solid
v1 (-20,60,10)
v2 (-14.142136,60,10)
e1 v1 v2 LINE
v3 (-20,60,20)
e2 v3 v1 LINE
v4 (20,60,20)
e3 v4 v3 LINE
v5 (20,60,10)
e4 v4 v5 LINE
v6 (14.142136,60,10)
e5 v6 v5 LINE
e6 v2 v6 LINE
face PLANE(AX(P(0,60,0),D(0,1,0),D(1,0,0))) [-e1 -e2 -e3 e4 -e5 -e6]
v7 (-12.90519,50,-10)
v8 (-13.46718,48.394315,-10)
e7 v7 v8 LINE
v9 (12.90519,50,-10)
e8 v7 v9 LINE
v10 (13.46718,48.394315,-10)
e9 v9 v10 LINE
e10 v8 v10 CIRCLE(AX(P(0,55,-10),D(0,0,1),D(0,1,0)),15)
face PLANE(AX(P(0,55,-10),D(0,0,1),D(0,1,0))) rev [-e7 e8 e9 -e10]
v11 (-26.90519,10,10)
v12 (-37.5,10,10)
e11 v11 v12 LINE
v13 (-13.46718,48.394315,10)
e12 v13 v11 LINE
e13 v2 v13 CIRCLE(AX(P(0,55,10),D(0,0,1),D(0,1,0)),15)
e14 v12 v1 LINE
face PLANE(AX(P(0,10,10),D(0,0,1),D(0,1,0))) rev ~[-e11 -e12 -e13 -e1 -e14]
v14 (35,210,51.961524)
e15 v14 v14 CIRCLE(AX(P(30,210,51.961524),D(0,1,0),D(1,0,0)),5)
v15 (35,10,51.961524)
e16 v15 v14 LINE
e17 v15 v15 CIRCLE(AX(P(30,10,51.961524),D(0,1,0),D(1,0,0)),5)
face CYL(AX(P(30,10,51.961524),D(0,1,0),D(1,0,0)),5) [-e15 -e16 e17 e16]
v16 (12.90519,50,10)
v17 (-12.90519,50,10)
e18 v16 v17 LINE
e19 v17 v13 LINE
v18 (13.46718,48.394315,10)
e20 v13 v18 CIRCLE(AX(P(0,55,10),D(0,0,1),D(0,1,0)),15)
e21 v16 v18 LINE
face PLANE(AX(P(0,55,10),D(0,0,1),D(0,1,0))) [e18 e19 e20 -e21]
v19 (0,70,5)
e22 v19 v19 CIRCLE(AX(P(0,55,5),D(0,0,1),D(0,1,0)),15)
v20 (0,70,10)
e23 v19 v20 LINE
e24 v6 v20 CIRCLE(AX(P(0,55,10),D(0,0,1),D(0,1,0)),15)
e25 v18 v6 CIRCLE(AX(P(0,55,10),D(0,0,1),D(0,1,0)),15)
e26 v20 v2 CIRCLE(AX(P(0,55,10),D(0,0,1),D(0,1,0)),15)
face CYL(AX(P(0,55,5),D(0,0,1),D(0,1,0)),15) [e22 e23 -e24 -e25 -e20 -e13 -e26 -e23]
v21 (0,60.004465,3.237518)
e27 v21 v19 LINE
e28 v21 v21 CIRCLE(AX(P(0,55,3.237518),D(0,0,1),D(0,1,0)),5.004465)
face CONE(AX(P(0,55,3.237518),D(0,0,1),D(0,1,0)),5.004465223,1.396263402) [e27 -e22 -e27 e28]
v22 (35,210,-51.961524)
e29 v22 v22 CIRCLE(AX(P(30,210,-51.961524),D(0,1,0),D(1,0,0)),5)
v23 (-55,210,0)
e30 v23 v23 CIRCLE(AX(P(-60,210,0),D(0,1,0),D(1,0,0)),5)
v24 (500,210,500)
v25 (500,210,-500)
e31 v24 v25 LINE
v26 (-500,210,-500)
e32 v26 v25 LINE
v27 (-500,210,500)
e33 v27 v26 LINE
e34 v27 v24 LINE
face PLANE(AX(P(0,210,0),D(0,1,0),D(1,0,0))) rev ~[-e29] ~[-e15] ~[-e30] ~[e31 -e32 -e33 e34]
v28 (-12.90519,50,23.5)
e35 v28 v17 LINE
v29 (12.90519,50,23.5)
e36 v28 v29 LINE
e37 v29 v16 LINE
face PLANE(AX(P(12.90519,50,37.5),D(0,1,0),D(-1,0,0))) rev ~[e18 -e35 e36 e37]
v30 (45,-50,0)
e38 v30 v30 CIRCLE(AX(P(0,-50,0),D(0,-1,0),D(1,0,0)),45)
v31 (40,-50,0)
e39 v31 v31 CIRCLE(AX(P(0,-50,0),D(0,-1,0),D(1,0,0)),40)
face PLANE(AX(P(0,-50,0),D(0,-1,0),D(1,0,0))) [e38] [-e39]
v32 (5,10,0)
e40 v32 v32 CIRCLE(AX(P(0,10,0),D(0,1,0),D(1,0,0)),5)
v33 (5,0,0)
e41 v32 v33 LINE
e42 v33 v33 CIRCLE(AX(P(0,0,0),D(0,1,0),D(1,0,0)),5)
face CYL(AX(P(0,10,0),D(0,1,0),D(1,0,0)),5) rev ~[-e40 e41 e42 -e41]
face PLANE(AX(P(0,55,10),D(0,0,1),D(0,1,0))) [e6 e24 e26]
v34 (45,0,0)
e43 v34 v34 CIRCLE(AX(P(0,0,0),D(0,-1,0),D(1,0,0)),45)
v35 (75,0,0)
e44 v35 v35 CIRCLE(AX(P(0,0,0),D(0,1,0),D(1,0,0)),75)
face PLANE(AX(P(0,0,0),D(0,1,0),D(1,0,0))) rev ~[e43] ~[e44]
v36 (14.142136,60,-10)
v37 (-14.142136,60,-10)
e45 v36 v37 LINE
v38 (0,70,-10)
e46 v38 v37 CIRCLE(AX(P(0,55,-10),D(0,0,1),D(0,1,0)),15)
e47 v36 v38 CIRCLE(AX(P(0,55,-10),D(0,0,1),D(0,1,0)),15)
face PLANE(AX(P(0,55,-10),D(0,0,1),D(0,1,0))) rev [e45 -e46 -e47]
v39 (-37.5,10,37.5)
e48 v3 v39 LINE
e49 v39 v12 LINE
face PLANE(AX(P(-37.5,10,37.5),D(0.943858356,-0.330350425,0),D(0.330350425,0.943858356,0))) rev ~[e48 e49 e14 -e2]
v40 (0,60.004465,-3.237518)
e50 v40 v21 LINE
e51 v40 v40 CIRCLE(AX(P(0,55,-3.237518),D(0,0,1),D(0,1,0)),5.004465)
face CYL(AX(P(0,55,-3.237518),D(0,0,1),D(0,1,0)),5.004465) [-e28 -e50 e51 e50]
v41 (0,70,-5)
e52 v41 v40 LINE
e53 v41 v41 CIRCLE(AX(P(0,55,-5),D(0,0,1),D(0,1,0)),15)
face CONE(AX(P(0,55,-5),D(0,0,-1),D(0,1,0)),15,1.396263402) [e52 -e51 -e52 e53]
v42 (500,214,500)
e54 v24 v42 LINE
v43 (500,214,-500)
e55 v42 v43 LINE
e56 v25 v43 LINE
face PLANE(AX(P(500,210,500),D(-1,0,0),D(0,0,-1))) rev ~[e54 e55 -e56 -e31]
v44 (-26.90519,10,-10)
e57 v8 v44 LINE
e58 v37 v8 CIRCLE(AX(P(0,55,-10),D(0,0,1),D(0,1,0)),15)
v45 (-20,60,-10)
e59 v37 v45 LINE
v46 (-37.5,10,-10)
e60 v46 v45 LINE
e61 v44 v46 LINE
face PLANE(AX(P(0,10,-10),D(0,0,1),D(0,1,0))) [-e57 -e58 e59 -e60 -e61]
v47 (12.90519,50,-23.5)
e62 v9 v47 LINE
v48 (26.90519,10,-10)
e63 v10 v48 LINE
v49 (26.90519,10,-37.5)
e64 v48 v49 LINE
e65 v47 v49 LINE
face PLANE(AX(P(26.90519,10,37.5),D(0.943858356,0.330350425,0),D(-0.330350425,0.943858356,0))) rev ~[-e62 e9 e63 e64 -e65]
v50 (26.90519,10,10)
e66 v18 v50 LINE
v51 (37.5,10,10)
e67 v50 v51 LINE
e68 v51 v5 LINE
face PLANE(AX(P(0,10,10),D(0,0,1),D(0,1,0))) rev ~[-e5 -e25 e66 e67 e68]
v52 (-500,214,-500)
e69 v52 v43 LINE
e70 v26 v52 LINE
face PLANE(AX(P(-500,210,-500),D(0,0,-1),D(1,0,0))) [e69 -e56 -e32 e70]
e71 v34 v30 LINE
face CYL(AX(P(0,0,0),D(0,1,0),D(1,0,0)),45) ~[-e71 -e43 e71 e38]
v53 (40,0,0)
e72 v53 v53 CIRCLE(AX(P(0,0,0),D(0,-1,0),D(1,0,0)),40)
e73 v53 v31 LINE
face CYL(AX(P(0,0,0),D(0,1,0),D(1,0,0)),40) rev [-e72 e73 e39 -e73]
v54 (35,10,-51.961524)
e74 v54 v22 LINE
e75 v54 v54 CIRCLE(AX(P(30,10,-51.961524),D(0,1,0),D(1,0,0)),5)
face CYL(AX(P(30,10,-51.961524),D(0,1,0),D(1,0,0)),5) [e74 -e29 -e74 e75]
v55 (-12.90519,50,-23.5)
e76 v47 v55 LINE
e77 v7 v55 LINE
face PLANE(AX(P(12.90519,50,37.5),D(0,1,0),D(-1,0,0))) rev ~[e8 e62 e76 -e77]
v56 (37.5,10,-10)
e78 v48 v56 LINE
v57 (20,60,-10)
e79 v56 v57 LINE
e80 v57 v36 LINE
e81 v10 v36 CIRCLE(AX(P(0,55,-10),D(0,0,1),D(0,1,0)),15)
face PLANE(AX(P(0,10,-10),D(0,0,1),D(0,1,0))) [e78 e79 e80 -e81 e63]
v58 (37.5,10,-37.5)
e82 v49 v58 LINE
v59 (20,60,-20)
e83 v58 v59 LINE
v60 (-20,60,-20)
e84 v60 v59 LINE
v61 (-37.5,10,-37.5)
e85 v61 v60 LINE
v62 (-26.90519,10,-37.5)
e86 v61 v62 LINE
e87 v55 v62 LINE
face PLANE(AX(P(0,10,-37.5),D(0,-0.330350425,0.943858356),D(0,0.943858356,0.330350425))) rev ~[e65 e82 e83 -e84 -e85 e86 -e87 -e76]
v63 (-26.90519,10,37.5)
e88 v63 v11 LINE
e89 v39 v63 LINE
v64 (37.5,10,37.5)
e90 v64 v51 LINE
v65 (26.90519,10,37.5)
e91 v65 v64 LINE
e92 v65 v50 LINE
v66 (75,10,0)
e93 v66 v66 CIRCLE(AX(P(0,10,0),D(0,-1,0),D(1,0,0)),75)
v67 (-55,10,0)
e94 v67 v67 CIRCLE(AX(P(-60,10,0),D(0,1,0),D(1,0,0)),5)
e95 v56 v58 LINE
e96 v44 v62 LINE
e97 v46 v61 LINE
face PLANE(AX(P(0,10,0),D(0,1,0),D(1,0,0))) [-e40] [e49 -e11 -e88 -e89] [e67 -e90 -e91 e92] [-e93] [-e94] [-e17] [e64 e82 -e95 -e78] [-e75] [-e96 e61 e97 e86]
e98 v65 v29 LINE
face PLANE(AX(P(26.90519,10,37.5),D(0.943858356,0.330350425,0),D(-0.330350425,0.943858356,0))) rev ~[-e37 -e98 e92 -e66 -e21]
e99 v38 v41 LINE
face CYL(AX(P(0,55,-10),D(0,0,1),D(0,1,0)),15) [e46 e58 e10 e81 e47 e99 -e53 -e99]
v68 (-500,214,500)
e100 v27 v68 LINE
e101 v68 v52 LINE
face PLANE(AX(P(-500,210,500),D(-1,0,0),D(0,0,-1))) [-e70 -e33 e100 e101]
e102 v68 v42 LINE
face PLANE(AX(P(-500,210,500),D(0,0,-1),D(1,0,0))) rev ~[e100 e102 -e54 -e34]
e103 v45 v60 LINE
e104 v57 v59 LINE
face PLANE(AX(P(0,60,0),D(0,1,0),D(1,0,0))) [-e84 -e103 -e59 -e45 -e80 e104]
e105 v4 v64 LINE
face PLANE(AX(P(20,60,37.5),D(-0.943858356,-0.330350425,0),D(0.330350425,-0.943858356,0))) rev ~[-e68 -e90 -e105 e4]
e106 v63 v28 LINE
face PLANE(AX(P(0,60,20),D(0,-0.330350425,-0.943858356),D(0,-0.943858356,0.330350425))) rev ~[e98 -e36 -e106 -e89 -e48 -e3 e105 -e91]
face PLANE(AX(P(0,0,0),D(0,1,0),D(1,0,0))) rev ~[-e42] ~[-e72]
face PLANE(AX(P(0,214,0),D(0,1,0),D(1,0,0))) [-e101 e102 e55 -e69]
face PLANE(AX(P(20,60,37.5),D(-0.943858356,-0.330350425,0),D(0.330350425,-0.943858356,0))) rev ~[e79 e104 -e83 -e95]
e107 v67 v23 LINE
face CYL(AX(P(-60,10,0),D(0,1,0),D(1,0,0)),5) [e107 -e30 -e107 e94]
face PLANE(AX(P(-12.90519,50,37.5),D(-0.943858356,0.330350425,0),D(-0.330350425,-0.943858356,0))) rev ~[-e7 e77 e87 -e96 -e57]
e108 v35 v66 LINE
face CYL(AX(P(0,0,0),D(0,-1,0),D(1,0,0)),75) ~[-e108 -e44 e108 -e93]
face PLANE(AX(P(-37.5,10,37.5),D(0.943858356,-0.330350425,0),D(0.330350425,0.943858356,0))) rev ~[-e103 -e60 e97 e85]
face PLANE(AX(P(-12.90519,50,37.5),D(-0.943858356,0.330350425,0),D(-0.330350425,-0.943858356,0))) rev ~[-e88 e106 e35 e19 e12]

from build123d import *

# Parameters (mm, degrees)
SKETCH1_R               = 75
BOSS_EXTRUDE1_DEPTH     = 10
SKETCH2_R               = 45
SKETCH2_R_2             = 40
BOSS_EXTRUDE2_DEPTH     = 50
SKETCH5_W               = 75
SKETCH5_H               = 75
BOSS_EXTRUDE3_DEPTH     = 50
CUT_EXTRUDE2_DEPTH      = 103
CUT_EXTRUDE3_DEPTH      = 103
CUT_EXTRUDE3_DEPTH_BACK = 103
CUT_EXTRUDE4_DEPTH      = 103
CUT_EXTRUDE4_DEPTH_BACK = 103
SKETCH9_W               = 20
SKETCH9_H               = 50
SKETCH10_R              = 5
CUT_EXTRUDE5_DEPTH      = 103
SKETCH11_R              = 5
SKETCH13_W              = 1000
SKETCH13_H              = 1000
BOSS_EXTRUDE4_DEPTH     = 4


with BuildPart() as part:
    # Sketch1 → Boss-Extrude1 (new body)
    with BuildSketch(Plane(origin=(0, 0, 0), x_dir=(1, 0, 0), z_dir=(0, 1, 0))):
        Circle(SKETCH1_R)
    extrude(amount=BOSS_EXTRUDE1_DEPTH)

    # Sketch2 → Boss-Extrude2 (add)
    with BuildSketch(Plane.XZ):
        Circle(SKETCH2_R)
        Circle(SKETCH2_R_2, mode=Mode.SUBTRACT)
    extrude(amount=BOSS_EXTRUDE2_DEPTH)

    # Sketch5 → Boss-Extrude3 (add)
    with BuildSketch(Plane(origin=(0, 10, 0), x_dir=(1, 0, 0), z_dir=(0, 1, 0))):
        Rectangle(SKETCH5_W, SKETCH5_H)
    extrude(amount=BOSS_EXTRUDE3_DEPTH)

    # Sketch6 → Cut-Extrude2 (cut)
    with BuildSketch(Plane.XY.offset(37.5)):
        Polygon((20, 60), (37.5, 10), (43.069722315, 10), (43.069722315, 63.034625831), (-42.678571429, 63.034625831), (-42.678571429, 10), (-37.5, 10), (-20, 60), align=None)
        Polygon((-12.90518995, 50), (-26.90518995, 10), (26.90518995, 10), (12.90518995, 50), align=None)
    extrude(amount=-CUT_EXTRUDE2_DEPTH, mode=Mode.SUBTRACT)

    # Sketch7 → Cut-Extrude3 (cut, two sides: drawn at the far end of the back side and taken through both)
    with BuildSketch(Plane(origin=(0, 0, 0), x_dir=(0, 0, -1), z_dir=(1, 0, 0)).offset(-CUT_EXTRUDE3_DEPTH_BACK)):
        Polygon((20, 60), (-20, 60), (-37.5, 10), (-47.69302584, 10), (-47.69302584, 63.764621125), (47.449694076, 63.764621125), (47.449694076, 10), (37.5, 10), align=None)
    extrude(amount=CUT_EXTRUDE3_DEPTH + CUT_EXTRUDE3_DEPTH_BACK, mode=Mode.SUBTRACT)

    # Sketch9 → Cut-Extrude4 (cut, two sides: drawn at the far end of the back side and taken through both)
    with BuildSketch(Plane(origin=(0, 0, 0), x_dir=(0, 0, -1), z_dir=(1, 0, 0)).offset(-CUT_EXTRUDE4_DEPTH_BACK)):
        with Locations((0, 35)):
            Rectangle(SKETCH9_W, SKETCH9_H)
    extrude(amount=CUT_EXTRUDE4_DEPTH + CUT_EXTRUDE4_DEPTH_BACK, mode=Mode.SUBTRACT)

    # Sketch10 → Cut-Extrude5 (cut)
    with BuildSketch(Plane(origin=(0, 10, 0), x_dir=(1, 0, 0), z_dir=(0, 1, 0))):
        Circle(SKETCH10_R)
    extrude(amount=-CUT_EXTRUDE5_DEPTH, mode=Mode.SUBTRACT)

    # Sweep1: sweep along a curve in space
    with BuildLine() as sweep1_path:
        Line((-60, 10, 0), (-60, 210, 0))
    # Sketch11 → Sweep1 (sweep)
    with BuildSketch(Plane(origin=(0, 10, 0), x_dir=(1, 0, 0), z_dir=(0, 1, 0))):
        with Locations((-60, 0)):
            Circle(SKETCH11_R)
        with Locations((30, 51.961524227)):
            Circle(SKETCH11_R)
        with Locations((30, -51.961524227)):
            Circle(SKETCH11_R)
    sweep(path=sweep1_path.line)

    # Sketch13 → Boss-Extrude4 (add)
    with BuildSketch(Plane(origin=(0, 210, 0), x_dir=(1, 0, 0), z_dir=(0, 1, 0))):
        Rectangle(SKETCH13_W, SKETCH13_H)
    extrude(amount=BOSS_EXTRUDE4_DEPTH)

    # Sketch17 → Revolve2 (revolve)
    with BuildSketch(Plane(origin=(0, 0, 0), x_dir=(0, 0, -1), z_dir=(1, 0, 0))):
        Polygon((10, 55), (10, 70), (5, 70), (3.237517532, 60.004465223), (-3.237517532, 60.004465223), (-5, 70), (-10, 70), (-10, 55), align=None)
    revolve(axis=Axis((0, 55, -10), (0, 0, 1)))


solid = part.part
